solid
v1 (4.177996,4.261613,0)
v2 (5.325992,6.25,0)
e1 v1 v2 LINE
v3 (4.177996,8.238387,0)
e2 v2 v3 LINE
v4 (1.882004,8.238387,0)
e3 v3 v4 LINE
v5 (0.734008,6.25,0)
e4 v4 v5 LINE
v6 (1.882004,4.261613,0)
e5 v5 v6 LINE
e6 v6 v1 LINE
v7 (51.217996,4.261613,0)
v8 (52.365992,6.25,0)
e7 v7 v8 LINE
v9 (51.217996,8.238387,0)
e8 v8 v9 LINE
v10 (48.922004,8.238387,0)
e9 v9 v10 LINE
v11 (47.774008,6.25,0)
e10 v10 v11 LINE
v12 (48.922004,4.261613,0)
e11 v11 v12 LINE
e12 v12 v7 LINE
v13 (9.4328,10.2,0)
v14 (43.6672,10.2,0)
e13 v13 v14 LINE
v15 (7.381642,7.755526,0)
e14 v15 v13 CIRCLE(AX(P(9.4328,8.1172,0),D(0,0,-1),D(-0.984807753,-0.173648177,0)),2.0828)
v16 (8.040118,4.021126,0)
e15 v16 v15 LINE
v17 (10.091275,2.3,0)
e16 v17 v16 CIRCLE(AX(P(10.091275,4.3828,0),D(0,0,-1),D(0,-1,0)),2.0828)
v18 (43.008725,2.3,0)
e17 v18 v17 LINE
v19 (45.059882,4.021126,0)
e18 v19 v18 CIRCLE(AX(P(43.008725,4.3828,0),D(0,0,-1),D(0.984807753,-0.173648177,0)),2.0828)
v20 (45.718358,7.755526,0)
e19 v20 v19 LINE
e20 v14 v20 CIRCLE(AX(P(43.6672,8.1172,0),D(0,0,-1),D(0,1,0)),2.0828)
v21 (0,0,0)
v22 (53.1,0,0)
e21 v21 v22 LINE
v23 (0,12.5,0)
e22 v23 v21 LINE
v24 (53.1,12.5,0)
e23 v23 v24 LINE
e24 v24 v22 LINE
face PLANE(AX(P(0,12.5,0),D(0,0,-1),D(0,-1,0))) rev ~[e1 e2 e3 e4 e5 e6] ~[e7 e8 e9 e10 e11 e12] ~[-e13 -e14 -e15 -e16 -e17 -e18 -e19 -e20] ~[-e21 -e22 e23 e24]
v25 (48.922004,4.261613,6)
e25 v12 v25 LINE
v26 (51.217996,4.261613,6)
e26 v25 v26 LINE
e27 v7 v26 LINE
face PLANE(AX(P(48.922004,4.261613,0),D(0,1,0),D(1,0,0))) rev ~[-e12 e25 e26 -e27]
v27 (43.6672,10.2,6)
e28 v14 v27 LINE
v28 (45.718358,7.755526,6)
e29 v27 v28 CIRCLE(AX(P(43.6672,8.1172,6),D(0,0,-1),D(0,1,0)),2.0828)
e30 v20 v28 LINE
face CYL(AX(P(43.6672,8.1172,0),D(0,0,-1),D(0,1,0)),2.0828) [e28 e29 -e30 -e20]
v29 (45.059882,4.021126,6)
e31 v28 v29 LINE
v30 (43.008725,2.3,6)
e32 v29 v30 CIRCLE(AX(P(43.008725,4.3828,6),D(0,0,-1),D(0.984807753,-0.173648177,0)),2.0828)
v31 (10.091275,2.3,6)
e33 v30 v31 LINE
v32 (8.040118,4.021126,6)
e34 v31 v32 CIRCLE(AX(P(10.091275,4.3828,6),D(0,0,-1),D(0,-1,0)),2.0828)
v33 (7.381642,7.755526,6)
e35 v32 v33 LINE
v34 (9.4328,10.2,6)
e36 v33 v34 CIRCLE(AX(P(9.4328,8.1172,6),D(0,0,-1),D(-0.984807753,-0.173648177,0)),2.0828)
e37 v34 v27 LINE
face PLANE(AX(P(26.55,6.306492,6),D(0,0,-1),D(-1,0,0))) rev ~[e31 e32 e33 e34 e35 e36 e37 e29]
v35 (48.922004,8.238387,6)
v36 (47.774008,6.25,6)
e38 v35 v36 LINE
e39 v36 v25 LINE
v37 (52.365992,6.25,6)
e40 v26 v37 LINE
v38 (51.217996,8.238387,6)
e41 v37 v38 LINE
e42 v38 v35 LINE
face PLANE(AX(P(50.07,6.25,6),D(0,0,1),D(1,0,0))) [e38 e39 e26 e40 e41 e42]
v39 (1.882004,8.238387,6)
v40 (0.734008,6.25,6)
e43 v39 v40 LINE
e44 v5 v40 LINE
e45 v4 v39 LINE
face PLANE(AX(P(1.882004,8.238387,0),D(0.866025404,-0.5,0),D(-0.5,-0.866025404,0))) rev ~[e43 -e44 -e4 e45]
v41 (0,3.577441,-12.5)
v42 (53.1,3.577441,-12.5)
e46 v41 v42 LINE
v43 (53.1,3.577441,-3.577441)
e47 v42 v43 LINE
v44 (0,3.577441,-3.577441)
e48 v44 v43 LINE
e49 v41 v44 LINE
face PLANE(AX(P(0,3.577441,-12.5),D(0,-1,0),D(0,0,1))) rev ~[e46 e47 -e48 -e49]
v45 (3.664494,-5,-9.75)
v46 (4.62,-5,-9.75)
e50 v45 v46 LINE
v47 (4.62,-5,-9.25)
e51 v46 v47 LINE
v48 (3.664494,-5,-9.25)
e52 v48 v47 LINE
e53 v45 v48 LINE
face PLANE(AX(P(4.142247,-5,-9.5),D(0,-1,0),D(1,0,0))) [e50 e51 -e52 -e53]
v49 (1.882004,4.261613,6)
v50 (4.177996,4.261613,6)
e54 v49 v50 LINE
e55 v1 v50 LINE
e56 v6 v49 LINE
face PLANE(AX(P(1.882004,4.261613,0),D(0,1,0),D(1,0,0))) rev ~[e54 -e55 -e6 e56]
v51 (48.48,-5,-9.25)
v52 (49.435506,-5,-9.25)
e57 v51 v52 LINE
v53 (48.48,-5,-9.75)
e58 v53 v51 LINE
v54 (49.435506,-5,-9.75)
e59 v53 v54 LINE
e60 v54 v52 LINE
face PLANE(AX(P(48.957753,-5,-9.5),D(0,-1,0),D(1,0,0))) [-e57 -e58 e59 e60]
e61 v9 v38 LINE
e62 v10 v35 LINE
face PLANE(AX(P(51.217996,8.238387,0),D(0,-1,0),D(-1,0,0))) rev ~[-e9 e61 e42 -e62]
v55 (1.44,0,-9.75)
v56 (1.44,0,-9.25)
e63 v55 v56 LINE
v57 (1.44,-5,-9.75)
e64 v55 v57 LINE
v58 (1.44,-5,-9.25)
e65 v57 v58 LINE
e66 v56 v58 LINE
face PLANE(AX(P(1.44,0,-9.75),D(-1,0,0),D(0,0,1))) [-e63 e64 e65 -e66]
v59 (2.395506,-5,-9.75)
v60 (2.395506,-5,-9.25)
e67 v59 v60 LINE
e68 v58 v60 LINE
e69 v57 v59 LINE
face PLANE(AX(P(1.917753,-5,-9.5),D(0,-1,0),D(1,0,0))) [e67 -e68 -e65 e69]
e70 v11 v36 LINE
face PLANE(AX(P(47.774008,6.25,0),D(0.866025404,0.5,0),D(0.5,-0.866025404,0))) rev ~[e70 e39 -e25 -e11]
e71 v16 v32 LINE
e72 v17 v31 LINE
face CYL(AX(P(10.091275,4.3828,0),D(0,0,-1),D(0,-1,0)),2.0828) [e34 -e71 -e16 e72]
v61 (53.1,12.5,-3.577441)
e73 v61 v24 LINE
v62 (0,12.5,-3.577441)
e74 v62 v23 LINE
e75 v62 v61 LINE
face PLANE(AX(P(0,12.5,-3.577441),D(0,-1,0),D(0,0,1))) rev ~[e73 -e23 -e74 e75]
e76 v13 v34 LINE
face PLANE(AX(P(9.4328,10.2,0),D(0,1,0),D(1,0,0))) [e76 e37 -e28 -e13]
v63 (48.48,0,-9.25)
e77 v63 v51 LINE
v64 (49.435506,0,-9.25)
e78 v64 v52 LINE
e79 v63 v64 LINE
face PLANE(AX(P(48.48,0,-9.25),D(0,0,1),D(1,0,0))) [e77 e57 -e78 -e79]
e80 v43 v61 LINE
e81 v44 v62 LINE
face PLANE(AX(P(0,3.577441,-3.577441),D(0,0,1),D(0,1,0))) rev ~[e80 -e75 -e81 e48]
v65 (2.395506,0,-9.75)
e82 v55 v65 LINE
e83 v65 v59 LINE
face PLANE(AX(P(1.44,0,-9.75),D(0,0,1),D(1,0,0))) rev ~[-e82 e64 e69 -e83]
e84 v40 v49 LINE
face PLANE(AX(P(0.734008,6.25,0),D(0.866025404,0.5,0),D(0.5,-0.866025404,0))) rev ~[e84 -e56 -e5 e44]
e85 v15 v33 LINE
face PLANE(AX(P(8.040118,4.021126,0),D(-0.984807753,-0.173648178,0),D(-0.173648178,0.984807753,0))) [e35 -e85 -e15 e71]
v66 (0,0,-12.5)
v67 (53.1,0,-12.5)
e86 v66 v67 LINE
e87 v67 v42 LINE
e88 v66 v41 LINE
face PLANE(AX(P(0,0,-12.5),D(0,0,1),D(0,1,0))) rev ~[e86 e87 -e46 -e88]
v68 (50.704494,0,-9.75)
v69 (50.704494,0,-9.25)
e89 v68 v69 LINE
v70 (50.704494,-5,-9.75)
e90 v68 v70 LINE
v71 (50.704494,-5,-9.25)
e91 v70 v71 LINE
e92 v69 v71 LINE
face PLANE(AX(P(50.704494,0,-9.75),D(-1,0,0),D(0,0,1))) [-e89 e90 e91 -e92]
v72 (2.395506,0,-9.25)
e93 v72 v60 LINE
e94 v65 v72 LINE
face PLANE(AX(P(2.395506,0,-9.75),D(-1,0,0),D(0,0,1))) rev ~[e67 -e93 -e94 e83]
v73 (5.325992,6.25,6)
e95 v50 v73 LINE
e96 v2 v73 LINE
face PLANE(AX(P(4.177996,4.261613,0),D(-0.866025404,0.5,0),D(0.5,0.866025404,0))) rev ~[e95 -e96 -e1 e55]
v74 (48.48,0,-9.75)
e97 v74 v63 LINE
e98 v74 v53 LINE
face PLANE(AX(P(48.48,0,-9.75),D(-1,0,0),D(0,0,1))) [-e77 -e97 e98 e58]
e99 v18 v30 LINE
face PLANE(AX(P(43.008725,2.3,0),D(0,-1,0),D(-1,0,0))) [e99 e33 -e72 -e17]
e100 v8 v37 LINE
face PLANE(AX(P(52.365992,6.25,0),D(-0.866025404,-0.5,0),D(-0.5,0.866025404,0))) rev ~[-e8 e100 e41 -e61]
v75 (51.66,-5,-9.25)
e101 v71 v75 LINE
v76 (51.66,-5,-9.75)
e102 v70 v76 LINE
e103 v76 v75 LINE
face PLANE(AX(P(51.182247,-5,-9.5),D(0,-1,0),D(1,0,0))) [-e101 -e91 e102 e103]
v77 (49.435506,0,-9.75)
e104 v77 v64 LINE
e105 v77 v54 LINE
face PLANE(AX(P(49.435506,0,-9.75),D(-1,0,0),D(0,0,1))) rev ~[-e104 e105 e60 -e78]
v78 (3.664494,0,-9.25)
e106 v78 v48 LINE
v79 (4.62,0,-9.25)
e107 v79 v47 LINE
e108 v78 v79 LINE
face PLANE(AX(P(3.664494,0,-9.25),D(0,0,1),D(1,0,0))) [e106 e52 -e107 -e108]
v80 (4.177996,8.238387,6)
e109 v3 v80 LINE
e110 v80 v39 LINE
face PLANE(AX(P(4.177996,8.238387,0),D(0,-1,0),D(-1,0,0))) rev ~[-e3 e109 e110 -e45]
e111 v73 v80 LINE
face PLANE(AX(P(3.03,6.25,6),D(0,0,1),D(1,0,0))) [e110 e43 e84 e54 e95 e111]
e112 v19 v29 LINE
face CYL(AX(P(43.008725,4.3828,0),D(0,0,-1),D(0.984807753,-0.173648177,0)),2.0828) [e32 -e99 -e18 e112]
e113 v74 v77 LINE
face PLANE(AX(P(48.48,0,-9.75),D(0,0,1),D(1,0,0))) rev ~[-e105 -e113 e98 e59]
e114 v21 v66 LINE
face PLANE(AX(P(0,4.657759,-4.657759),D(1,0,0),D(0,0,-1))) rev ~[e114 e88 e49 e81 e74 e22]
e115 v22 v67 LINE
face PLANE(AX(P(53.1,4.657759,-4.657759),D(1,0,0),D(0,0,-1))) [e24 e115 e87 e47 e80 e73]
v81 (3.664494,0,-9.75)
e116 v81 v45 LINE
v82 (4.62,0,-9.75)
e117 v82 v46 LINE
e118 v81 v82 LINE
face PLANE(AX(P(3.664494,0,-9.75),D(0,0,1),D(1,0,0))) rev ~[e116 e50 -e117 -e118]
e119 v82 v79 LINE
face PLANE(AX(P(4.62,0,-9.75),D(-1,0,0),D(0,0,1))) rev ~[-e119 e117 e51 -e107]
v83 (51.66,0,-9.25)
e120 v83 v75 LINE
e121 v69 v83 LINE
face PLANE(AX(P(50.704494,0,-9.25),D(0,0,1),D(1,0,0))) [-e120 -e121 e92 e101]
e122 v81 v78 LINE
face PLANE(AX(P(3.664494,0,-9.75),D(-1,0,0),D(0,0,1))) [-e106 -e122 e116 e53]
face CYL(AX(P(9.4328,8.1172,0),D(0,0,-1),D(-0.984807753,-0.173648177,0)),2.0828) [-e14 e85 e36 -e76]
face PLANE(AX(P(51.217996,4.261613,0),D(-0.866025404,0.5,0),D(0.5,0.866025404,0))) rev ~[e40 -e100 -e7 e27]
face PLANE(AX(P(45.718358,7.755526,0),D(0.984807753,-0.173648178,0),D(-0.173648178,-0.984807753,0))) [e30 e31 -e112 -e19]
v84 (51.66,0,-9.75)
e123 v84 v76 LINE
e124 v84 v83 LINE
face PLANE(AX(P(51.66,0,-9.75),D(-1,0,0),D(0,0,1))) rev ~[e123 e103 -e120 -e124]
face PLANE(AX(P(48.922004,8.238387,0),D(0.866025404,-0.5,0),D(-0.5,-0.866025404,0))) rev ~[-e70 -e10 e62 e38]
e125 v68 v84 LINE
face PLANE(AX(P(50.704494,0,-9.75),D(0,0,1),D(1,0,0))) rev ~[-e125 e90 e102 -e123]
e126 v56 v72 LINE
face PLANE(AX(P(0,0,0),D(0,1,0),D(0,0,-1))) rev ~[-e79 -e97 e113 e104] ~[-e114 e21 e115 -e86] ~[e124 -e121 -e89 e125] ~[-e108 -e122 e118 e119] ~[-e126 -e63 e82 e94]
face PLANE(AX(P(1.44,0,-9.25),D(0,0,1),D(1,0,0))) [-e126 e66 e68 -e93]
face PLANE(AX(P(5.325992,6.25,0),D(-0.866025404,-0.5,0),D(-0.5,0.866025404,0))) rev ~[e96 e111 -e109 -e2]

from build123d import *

# Parameters (mm, degrees)
BOSS_EXTRUDE1_DEPTH = 53.1
BOSS_EXTRUDE2_DEPTH = 6
SKETCH3_W           = 0.955506131
SKETCH3_H           = 0.5
BOSS_EXTRUDE3_DEPTH = 5
BOSS_EXTRUDE4_DEPTH = 6


with BuildPart() as part:
    # Sketch1 → Boss-Extrude1 (new body)
    with BuildSketch(Plane(origin=(0, 0, 0), x_dir=(0, 0, -1), z_dir=(1, 0, 0))):
        Polygon((0, 0), (12.5, 0), (12.5, 3.577441077), (3.577441077, 3.577441077), (3.577441077, 12.5), (0, 12.5), align=None)
    extrude(amount=BOSS_EXTRUDE1_DEPTH)

    # Sketch2 → Boss-Extrude2 (add)
    with BuildSketch(Plane.XY):
        with BuildLine():
            Line((9.4328, 10.2), (43.6672, 10.2))
            ThreePointArc((43.6672, 10.2), (45.262717366, 9.455998033), (45.718357588, 7.755525576))
            Line((45.718357588, 7.755525576), (45.059882111, 4.021125576))
            ThreePointArc((45.059882111, 4.021125576), (44.347522557, 2.787282634), (43.008724523, 2.3))
            Line((43.008724523, 2.3), (10.091275477, 2.3))
            ThreePointArc((10.091275477, 2.3), (8.752477443, 2.787282634), (8.040117889, 4.021125576))
            Line((8.040117889, 4.021125576), (7.381642412, 7.755525576))
            ThreePointArc((7.381642412, 7.755525576), (7.837282634, 9.455998033), (9.4328, 10.2))
        make_face()
    extrude(amount=BOSS_EXTRUDE2_DEPTH)

    # Sketch3 → Boss-Extrude3 (add)
    with BuildSketch(Plane.XZ):
        with Locations((1.917753066, -9.5)):
            Rectangle(SKETCH3_W, SKETCH3_H)
        with Locations((4.142246935, -9.5)):
            Rectangle(SKETCH3_W, SKETCH3_H)
        with Locations((48.957753066, -9.5)):
            Rectangle(SKETCH3_W, SKETCH3_H)
        with Locations((51.182246935, -9.5)):
            Rectangle(SKETCH3_W, SKETCH3_H)
    extrude(amount=BOSS_EXTRUDE3_DEPTH)

    # Sketch4 → Boss-Extrude4 (add)
    with BuildSketch(Plane.XY):
        Polygon((4.177995884, 4.261612802), (5.325991768, 6.25), (4.177995884, 8.238387198), (1.882004116, 8.238387198), (0.734008232, 6.25), (1.882004116, 4.261612802), align=None)
        Polygon((51.217995884, 4.261612802), (52.365991768, 6.25), (51.217995884, 8.238387198), (48.922004116, 8.238387198), (47.774008232, 6.25), (48.922004116, 4.261612802), align=None)
    extrude(amount=BOSS_EXTRUDE4_DEPTH)


solid = part.part
